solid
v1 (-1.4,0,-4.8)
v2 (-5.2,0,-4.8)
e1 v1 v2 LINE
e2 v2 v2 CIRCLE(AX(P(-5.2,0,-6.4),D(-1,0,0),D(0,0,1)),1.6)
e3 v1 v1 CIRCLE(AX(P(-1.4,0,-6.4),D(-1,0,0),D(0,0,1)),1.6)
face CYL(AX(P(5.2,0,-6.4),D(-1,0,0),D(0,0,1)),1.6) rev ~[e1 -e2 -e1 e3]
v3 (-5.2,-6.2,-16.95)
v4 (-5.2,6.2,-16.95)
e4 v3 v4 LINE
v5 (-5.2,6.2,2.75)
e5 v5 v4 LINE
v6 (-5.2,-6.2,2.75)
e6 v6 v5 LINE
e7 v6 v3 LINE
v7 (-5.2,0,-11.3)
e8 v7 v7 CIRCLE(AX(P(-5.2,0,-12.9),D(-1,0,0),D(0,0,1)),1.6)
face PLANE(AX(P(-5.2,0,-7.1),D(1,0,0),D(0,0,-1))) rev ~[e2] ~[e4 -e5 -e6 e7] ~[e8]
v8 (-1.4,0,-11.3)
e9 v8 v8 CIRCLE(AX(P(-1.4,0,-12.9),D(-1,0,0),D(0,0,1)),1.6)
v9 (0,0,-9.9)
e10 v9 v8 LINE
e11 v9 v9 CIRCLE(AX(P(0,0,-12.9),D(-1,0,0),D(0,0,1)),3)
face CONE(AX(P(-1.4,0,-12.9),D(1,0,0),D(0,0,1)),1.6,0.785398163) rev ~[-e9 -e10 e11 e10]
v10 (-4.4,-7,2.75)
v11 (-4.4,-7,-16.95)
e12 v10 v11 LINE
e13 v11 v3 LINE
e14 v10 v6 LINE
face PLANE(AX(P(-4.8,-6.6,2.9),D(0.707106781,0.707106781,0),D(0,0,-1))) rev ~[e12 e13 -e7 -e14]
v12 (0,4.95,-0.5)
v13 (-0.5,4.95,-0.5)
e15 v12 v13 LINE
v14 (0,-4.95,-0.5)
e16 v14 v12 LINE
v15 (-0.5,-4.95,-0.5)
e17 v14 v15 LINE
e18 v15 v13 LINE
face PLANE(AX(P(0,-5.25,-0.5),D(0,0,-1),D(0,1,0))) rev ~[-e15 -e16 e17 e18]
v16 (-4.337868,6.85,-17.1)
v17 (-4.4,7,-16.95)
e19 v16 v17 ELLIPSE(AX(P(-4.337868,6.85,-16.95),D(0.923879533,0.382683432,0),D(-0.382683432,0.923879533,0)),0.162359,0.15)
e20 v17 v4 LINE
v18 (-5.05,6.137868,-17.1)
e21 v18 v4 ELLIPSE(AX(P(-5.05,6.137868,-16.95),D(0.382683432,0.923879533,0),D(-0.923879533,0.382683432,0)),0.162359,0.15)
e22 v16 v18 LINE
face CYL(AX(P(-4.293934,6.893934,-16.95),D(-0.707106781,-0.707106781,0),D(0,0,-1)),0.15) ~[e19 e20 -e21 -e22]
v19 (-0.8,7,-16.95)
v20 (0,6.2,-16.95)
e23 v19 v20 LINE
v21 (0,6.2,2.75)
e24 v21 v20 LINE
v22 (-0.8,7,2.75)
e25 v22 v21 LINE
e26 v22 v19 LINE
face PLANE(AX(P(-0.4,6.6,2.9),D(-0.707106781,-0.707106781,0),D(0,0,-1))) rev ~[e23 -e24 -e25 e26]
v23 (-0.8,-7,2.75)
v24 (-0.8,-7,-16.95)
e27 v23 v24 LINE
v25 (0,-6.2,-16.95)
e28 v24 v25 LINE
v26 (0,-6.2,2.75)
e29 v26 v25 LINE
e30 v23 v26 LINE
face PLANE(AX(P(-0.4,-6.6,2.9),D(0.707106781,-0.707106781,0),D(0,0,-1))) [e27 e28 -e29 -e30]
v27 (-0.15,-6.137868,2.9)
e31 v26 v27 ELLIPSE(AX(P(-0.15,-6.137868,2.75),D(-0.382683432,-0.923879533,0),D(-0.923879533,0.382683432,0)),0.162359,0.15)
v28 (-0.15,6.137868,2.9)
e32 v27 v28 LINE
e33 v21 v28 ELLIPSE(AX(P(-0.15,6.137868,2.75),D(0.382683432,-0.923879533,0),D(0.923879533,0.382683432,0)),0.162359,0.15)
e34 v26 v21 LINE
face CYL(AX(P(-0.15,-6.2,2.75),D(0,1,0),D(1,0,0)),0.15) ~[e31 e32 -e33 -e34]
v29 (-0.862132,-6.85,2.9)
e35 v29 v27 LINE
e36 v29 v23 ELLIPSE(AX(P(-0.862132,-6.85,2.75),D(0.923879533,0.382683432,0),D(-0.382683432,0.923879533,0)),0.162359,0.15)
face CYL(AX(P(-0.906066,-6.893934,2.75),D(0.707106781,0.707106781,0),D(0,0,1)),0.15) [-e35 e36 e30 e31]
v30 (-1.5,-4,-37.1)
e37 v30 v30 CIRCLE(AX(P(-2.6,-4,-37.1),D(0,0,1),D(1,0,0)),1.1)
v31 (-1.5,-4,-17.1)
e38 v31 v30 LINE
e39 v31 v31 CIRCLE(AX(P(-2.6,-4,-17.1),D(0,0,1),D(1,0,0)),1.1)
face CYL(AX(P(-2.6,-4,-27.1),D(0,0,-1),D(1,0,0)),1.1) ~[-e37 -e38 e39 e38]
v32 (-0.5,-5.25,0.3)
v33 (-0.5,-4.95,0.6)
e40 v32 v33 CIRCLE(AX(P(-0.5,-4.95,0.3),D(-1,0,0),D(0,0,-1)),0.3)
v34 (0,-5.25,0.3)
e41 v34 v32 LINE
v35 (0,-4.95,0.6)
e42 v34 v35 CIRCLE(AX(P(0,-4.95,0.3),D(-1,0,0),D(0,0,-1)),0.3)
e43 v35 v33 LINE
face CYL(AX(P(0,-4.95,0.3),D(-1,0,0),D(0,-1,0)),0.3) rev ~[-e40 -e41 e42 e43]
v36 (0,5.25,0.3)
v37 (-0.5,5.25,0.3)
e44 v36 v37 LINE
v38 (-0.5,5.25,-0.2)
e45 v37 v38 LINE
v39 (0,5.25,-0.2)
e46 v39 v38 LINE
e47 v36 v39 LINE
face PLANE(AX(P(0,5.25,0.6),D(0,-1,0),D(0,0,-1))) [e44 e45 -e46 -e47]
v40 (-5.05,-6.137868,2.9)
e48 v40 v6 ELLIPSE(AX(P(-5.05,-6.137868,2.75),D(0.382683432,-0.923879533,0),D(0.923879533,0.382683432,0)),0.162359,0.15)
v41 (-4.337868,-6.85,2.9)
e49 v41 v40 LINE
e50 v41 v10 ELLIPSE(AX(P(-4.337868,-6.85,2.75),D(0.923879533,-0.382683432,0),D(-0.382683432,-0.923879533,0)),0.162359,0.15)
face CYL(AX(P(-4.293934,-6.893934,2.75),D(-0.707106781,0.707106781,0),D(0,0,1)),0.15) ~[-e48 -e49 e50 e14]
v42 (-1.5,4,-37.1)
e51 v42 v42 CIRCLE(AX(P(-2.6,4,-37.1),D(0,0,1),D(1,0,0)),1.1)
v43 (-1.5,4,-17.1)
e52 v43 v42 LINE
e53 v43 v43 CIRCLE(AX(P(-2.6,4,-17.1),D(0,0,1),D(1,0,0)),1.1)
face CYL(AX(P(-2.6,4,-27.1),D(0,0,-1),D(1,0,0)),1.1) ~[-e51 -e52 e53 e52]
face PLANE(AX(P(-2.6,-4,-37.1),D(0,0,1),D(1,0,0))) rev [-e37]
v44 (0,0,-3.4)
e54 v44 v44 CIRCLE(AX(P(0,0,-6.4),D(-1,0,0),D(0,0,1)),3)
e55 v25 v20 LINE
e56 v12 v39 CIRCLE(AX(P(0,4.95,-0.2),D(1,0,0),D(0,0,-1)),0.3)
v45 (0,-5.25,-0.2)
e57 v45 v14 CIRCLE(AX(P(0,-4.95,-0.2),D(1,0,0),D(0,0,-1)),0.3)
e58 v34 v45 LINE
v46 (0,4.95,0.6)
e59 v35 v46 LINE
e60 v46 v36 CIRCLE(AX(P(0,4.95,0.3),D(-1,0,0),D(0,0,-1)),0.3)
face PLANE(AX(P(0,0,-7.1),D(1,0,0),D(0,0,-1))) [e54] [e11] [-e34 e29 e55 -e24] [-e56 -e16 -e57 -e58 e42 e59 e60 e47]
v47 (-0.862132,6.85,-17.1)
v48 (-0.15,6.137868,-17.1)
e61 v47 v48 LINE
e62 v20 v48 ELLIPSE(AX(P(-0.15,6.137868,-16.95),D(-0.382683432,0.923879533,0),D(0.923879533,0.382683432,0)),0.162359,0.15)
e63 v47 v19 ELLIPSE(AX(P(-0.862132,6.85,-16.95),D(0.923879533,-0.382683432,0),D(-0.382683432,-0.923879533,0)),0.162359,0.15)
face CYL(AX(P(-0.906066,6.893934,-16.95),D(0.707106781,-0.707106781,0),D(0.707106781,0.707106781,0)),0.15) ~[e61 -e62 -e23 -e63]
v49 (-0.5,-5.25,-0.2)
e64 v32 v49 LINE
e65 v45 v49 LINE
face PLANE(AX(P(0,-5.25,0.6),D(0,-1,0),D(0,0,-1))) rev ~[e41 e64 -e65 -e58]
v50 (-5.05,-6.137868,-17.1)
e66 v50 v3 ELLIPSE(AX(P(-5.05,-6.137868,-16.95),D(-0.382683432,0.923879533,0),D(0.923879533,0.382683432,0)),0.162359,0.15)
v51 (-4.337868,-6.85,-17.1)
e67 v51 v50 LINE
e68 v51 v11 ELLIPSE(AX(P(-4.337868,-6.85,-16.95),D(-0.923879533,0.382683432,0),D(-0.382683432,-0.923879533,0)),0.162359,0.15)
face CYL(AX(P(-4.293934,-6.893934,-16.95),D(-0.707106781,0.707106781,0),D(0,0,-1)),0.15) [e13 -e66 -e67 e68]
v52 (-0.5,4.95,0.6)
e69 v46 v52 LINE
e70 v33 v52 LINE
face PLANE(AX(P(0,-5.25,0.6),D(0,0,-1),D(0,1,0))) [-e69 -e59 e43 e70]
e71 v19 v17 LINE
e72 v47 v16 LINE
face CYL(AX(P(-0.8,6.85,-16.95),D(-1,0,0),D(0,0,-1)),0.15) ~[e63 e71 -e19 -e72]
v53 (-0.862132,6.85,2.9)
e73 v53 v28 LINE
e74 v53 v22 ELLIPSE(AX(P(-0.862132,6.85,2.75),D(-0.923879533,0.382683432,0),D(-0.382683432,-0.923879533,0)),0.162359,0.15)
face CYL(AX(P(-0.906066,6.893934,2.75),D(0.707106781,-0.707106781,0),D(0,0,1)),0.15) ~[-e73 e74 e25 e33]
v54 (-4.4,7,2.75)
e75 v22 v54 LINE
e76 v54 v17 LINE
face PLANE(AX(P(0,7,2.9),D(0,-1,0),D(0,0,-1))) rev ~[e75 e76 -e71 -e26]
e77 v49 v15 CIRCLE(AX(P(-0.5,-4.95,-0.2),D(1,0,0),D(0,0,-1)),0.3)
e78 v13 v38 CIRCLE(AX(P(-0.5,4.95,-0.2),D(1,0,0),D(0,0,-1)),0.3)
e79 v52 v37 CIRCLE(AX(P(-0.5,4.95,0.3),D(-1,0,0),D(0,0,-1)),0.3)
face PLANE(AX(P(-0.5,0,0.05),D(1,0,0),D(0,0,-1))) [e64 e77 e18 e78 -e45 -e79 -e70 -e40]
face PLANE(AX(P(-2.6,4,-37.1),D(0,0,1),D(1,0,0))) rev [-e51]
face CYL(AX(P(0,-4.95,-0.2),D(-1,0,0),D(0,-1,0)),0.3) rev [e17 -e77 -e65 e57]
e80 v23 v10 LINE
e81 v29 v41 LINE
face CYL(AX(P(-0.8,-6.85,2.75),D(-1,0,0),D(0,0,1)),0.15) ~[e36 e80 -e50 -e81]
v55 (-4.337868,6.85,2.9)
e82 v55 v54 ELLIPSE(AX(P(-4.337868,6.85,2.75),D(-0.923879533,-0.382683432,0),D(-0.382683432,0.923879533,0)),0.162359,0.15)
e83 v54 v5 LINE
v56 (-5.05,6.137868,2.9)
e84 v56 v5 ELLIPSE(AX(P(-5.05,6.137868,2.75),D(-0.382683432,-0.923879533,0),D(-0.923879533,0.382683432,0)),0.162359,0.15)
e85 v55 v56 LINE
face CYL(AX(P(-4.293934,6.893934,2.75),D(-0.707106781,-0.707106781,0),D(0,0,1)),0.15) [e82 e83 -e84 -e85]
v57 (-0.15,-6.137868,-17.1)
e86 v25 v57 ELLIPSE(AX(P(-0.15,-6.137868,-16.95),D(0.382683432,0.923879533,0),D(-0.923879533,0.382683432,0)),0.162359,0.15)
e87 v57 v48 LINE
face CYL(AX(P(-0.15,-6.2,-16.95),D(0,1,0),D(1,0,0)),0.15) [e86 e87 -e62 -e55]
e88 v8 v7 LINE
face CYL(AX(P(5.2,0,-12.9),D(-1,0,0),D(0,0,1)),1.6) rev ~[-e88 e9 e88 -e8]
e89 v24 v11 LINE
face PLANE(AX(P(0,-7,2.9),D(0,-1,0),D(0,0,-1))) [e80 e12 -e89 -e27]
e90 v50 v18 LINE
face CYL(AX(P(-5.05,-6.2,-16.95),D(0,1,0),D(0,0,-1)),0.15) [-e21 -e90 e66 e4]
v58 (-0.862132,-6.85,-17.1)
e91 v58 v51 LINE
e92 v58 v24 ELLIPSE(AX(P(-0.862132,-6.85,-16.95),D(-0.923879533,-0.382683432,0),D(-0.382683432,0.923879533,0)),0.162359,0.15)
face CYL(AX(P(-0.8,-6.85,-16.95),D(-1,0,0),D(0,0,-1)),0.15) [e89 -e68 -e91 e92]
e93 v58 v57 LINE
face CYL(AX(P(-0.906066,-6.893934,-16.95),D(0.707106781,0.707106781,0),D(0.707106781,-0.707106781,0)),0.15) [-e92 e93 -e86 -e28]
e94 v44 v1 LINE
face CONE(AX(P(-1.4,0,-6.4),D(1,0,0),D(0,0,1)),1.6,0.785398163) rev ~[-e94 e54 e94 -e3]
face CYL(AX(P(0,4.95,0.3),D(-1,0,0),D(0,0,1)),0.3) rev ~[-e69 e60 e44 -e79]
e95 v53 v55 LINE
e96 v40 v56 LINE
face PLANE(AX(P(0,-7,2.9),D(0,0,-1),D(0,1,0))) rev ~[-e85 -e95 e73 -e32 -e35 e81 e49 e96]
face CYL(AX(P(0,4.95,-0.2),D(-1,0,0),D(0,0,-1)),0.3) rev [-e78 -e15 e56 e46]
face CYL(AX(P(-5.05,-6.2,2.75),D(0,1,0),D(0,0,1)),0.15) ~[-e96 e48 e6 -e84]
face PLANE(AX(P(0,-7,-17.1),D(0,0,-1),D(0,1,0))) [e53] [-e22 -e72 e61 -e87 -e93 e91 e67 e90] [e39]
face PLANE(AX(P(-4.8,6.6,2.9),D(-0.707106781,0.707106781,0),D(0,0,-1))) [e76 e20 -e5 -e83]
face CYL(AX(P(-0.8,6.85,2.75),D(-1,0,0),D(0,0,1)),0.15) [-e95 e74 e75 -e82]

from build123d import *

# Parameters (mm, degrees)
SKETCH1_W                      = 20
SKETCH1_H                      = 14
BOSS_EXTRUDE1_DEPTH            = 5.2
SKETCH2_W                      = 1.1
SKETCH2_H                      = 10.5
CUT_EXTRUDE1_DEPTH             = 0.5
SKETCH3_W                      = 1.1
SKETCH3_H                      = 20
SKETCH4_W                      = 1.1
SKETCH4_H                      = 20
F_3_2_3_2_DIAMETER_HOLE1_D     = 3.2
F_3_2_3_2_DIAMETER_HOLE1_DEPTH = 5.2
CHAMFER1_SIZE                  = 0.8
CHAMFER2_SIZE                  = 1.4
FILLET1_R                      = 0.15
FILLET2_R                      = 0.3


with BuildPart() as part:
    # Sketch1 → Boss-Extrude1 (new body)
    with BuildSketch(Plane(origin=(0, 0, 0), x_dir=(0, 0, -1), z_dir=(1, 0, 0))):
        with Locations((7.1, 0)):
            Rectangle(SKETCH1_W, SKETCH1_H)
    extrude(amount=-BOSS_EXTRUDE1_DEPTH)

    # Sketch2 → Cut-Extrude1 (cut)
    with BuildSketch(Plane(origin=(0, 0, 0), x_dir=(0, 0, -1), z_dir=(1, 0, 0))):
        with Locations((-0.05, 0)):
            Rectangle(SKETCH2_W, SKETCH2_H)
    extrude(amount=-CUT_EXTRUDE1_DEPTH, mode=Mode.SUBTRACT)

    # Sketch3 → Revolve1 (revolve)
    with BuildSketch(Plane(origin=(0, -4, 0), x_dir=(1, 0, 0), z_dir=(0, 1, 0))):
        with Locations((-2.05, 27.1)):
            Rectangle(SKETCH3_W, SKETCH3_H)
    revolve(axis=Axis((-2.6, -4, -37.1), (0, 0, 1)))

    # Sketch4 → Revolve2 (revolve)
    with BuildSketch(Plane(origin=(0, 4, 0), x_dir=(1, 0, 0), z_dir=(0, 1, 0))):
        with Locations((-2.05, 27.1)):
            Rectangle(SKETCH4_W, SKETCH4_H)
    revolve(axis=Axis((-2.6, 4, -37.1), (0, 0, 1)))

    # Ø3.2 (3.2) Diameter Hole1
    with Locations(Plane(origin=(0, 0, 0), x_dir=(0, 0, -1), z_dir=(1, 0, 0))):
        with Locations((12.9, 0), (6.4, 0)):
            Hole(F_3_2_3_2_DIAMETER_HOLE1_D / 2, depth=F_3_2_3_2_DIAMETER_HOLE1_DEPTH)

    # Chamfer1
    chamfer1_edges = [part.edges().sort_by_distance(p)[0] for p in [
        (-5.2, 7, -7.1),
        (-5.2, -7, -7.1),
        (0, 7, -7.1),
        (0, -7, -7.1),
    ]]
    chamfer(chamfer1_edges, length=CHAMFER1_SIZE)

    # Chamfer2
    chamfer2_edges = [part.edges().sort_by_distance(p)[0] for p in [
        (0, 0, -8),
        (0, 0, -14.5),
    ]]
    chamfer(chamfer2_edges, length=CHAMFER2_SIZE)

    # Fillet1
    fillet1_edges = [part.edges().sort_by_distance(p)[0] for p in [
        (0, 0, -17.1),
        (0, 0, 2.9),
        (-2.6, 7, 2.9),
        (-5.2, 0, 2.9),
        (-2.6, -7, 2.9),
        (-4.8, 6.6, 2.9),
        (-4.8, -6.6, 2.9),
        (-0.4, -6.6, 2.9),
        (-0.4, 6.6, 2.9),
        (-2.6, 7, -17.1),
        (-2.6, -7, -17.1),
        (-5.2, 0, -17.1),
        (-4.8, 6.6, -17.1),
        (-4.8, -6.6, -17.1),
        (-0.4, -6.6, -17.1),
        (-0.4, 6.6, -17.1),
    ]]
    fillet(fillet1_edges, radius=FILLET1_R)

    # Fillet2
    fillet2_edges = [part.edges().sort_by_distance(p)[0] for p in [
        (-0.25, -5.25, -0.5),
        (-0.25, -5.25, 0.6),
        (-0.25, 5.25, 0.6),
        (-0.25, 5.25, -0.5),
    ]]
    fillet(fillet2_edges, radius=FILLET2_R)


solid = part.part
